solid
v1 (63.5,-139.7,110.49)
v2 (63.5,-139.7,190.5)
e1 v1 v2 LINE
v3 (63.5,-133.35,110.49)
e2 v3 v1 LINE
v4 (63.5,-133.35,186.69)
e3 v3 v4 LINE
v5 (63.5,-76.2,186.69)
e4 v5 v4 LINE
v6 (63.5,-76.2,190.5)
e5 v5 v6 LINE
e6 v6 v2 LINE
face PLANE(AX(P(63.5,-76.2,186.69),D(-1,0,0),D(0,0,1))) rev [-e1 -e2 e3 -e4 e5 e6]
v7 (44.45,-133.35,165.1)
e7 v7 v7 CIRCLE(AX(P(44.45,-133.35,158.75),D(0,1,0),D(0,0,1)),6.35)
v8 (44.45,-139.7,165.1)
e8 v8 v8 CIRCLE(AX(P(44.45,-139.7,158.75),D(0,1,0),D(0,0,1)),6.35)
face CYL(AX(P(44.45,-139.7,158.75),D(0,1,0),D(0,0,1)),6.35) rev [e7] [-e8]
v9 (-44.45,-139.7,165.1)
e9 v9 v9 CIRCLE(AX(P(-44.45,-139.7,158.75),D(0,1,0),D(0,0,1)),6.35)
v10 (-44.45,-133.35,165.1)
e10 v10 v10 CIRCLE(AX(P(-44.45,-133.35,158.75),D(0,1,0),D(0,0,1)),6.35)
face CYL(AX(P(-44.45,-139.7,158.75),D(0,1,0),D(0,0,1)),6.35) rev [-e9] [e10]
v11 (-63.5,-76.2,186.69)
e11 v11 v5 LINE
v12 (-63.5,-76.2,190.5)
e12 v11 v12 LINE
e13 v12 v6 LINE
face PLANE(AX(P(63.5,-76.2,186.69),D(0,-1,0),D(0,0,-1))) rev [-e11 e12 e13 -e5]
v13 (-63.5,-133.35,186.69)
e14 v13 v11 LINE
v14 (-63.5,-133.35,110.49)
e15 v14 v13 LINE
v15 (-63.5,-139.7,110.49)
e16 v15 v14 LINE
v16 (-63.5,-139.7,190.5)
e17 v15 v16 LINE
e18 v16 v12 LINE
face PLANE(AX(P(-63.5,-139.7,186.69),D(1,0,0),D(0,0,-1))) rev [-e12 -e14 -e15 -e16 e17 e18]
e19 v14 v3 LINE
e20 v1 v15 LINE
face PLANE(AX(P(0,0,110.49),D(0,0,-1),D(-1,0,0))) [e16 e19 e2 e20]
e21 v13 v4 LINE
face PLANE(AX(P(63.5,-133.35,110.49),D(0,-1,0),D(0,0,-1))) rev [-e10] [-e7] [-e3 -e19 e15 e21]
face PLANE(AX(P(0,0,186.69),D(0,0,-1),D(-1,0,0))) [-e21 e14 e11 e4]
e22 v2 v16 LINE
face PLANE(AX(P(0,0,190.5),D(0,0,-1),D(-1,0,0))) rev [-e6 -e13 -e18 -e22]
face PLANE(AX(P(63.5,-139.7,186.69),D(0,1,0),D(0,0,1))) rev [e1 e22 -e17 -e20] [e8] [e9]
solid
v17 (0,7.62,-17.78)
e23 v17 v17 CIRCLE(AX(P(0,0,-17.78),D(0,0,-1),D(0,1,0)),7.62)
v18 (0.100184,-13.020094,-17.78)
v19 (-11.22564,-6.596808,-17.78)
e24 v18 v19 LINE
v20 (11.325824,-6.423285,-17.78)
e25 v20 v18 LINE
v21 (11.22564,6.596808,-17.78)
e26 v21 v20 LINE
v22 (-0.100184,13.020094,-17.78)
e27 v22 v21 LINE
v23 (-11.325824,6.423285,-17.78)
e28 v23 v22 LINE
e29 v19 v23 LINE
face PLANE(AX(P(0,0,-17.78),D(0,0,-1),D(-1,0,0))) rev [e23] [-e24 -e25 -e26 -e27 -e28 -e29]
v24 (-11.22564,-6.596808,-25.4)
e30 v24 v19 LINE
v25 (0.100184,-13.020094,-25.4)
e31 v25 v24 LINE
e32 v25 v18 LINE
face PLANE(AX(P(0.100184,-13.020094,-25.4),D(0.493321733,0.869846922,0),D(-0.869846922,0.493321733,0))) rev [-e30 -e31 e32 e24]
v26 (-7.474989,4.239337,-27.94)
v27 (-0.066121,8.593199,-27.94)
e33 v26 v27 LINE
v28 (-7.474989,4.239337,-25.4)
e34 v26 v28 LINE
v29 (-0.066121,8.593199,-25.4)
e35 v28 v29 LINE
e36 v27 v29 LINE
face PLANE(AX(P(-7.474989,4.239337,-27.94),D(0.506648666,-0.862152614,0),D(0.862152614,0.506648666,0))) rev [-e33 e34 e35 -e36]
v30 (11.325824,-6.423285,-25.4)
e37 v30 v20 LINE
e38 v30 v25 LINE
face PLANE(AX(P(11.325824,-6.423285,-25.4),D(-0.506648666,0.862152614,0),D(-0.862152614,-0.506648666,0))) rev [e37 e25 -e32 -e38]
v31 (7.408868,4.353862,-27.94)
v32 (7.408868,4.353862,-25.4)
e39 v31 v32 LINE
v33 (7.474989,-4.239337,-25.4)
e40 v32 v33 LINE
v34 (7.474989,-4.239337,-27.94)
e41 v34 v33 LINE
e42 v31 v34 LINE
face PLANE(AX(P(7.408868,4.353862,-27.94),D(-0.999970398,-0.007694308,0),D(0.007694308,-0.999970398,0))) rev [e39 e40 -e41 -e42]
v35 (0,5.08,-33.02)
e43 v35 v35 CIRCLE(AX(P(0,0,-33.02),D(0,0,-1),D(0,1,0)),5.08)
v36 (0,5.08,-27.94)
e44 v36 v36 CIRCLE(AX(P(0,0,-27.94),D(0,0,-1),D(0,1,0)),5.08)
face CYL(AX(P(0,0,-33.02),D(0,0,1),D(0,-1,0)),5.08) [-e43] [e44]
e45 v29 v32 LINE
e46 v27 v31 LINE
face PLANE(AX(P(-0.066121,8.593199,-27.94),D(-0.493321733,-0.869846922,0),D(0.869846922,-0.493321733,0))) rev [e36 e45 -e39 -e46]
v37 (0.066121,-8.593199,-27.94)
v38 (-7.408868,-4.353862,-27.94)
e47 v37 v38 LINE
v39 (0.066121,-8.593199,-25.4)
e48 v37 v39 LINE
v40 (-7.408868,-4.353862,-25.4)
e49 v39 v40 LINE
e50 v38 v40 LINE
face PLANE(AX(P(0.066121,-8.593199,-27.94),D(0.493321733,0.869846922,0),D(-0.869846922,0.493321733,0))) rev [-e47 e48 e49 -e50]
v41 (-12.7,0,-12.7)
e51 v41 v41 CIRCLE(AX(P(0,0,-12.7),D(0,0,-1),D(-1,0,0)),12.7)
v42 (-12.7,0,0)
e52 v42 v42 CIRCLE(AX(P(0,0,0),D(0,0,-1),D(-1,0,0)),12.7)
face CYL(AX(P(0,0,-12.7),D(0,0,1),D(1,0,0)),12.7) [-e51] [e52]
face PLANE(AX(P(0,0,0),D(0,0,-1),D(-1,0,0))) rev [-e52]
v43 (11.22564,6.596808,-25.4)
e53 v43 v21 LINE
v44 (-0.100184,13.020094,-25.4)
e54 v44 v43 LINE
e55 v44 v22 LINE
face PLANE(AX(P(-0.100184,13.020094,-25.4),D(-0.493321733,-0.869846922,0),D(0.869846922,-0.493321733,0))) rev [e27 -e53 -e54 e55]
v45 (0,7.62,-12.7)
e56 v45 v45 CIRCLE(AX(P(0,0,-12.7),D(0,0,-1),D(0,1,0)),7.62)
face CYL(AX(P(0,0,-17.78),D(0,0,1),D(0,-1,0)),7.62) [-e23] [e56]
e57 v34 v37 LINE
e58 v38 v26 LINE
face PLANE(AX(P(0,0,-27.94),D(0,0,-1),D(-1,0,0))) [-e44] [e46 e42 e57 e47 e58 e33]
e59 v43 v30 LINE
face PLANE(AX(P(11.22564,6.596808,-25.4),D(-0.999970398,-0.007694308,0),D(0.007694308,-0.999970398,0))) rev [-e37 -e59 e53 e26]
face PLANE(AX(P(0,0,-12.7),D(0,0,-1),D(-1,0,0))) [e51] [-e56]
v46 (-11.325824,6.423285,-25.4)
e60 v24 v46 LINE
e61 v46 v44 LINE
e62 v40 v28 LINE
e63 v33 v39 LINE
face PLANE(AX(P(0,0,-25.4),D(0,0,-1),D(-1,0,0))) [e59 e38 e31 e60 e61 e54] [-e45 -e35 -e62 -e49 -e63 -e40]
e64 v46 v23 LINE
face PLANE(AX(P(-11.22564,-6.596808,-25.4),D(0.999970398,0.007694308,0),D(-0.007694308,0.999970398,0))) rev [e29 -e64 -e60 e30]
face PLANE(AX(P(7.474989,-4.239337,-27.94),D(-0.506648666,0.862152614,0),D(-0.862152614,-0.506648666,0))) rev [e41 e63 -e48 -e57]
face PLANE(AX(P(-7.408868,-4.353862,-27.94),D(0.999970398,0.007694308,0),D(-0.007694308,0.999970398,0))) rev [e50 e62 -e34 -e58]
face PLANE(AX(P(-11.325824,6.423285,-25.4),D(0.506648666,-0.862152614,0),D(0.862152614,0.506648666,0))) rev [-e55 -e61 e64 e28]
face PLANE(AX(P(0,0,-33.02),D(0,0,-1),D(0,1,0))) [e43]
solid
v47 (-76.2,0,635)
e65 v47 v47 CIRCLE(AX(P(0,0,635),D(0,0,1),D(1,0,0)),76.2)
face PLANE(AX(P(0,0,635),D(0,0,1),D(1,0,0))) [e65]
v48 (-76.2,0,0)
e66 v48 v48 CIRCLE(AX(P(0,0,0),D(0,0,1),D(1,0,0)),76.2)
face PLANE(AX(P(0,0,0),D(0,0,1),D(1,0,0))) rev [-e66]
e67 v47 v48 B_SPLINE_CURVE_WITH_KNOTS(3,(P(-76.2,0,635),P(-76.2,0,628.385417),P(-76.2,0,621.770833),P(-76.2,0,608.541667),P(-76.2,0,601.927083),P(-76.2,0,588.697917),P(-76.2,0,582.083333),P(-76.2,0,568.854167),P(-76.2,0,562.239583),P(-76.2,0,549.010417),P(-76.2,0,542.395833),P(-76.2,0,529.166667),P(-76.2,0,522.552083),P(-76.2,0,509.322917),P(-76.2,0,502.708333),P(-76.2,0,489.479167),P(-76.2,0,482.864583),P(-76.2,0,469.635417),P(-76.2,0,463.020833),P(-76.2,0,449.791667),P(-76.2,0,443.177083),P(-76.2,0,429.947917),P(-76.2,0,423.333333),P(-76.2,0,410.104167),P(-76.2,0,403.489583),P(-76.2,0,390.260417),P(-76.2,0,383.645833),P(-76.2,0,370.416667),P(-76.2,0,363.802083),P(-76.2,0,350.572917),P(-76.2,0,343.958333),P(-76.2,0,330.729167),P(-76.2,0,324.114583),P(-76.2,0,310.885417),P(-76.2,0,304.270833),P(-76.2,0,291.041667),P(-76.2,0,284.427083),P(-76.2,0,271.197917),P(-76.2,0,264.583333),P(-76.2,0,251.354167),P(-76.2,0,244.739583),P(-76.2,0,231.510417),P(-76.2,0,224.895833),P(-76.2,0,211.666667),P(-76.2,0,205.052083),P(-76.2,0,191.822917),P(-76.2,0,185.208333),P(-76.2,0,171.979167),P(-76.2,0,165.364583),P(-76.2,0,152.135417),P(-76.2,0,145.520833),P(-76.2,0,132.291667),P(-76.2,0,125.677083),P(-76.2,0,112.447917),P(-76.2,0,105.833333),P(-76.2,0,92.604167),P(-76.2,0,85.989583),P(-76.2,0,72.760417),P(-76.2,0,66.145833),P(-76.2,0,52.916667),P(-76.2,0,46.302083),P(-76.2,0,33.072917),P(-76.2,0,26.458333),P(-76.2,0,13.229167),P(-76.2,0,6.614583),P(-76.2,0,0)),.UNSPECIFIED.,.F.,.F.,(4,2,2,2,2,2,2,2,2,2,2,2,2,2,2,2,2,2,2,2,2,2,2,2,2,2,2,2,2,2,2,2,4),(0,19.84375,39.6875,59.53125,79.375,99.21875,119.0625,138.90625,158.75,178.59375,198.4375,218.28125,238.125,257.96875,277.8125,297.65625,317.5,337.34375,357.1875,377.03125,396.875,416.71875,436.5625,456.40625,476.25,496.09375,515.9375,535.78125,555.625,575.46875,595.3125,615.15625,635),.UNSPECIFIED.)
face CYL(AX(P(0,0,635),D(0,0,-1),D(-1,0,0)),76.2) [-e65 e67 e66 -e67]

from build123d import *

# Parameters (mm, degrees)
SKETCH1_R           = 76.2
BOSS_EXTRUDE2_DEPTH = 635
SKETCH8_R           = 12.7
BOSS_EXTRUDE3_DEPTH = 12.7
SKETCH9_R           = 7.62
BOSS_EXTRUDE4_DEPTH = 5.08
BOSS_EXTRUDE5_DEPTH = 7.62
BOSS_EXTRUDE6_DEPTH = 2.54
SKETCH12_R          = 5.08
BOSS_EXTRUDE7_DEPTH = 5.08
SKETCH14_W          = 127
SKETCH14_H          = 63.5
BOSS_EXTRUDE8_DEPTH = 3.81
SKETCH15_W          = 127
SKETCH15_H          = 6.35
BOSS_EXTRUDE9_DEPTH = 76.2
SKETCH16_R          = 6.35
CUT_EXTRUDE1_DEPTH  = 674.010135511


with BuildPart() as part:
    # Sketch1 → Boss-Extrude2 (new body)
    with BuildSketch(Plane.XY):
        with Locations(Location((0, 0, 0), (0, 0, 180))):
            Circle(SKETCH1_R)
    extrude(amount=BOSS_EXTRUDE2_DEPTH)


with BuildPart() as body_2:
    # Sketch8 → Boss-Extrude3 (new body)
    with BuildSketch(Plane(origin=(0, 0, 0), x_dir=(-1, 0, 0), z_dir=(0, 0, -1))):
        Circle(SKETCH8_R)
    extrude(amount=BOSS_EXTRUDE3_DEPTH)

    # Sketch9 → Boss-Extrude4 (add)
    with BuildSketch(Plane(origin=(0, 0, -12.7), x_dir=(1, 0, 0), z_dir=(0, 0, -1))):
        with Locations(Location((0, 0, 0), (0, 0, 270))):
            Circle(SKETCH9_R)
    extrude(amount=BOSS_EXTRUDE4_DEPTH)

    # Sketch10 → Boss-Extrude5 (add)
    with BuildSketch(Plane(origin=(0, 0, -17.78), x_dir=(1, 0, 0), z_dir=(0, 0, -1))):
        Polygon((0.10018358, 13.020093655), (-11.225640075, 6.596808353), (-11.325823655, -6.423285302), (-0.10018358, -13.020093655), (11.225640075, -6.596808353), (11.325823655, 6.423285302), align=None)
    extrude(amount=BOSS_EXTRUDE5_DEPTH)

    # Sketch11 → Boss-Extrude6 (add)
    with BuildSketch(Plane(origin=(0, 0, -25.4), x_dir=(1, 0, 0), z_dir=(0, 0, -1))):
        Polygon((-7.408868452, 4.353861781), (-7.474989133, -4.239337402), (-0.066120681, -8.593199183), (7.408868452, -4.353861781), (7.474989133, 4.239337402), (0.066120681, 8.593199183), align=None)
    extrude(amount=BOSS_EXTRUDE6_DEPTH)

    # Sketch12 → Boss-Extrude7 (add)
    with BuildSketch(Plane(origin=(0, 0, -27.94), x_dir=(1, 0, 0), z_dir=(0, 0, -1))):
        with Locations(Location((0, 0, 0), (0, 0, 270))):
            Circle(SKETCH12_R)
    extrude(amount=BOSS_EXTRUDE7_DEPTH)


with BuildPart() as body_3:
    # Sketch14 → Boss-Extrude8 (new body)
    with BuildSketch(Plane(origin=(0, 0, 190.5), x_dir=(-1, 0, 0), z_dir=(0, 0, -1))):
        with Locations((0, -107.95)):
            Rectangle(SKETCH14_W, SKETCH14_H)
    extrude(amount=BOSS_EXTRUDE8_DEPTH)

    # Sketch15 → Boss-Extrude9 (add)
    with BuildSketch(Plane(origin=(0, 0, 186.69), x_dir=(-1, 0, 0), z_dir=(0, 0, -1))):
        with Locations((0, -136.525)):
            Rectangle(SKETCH15_W, SKETCH15_H)
    extrude(amount=BOSS_EXTRUDE9_DEPTH)

    # Sketch16 → Cut-Extrude1 (cut, through all)
    with BuildSketch(Plane(origin=(0, -133.35, 0), x_dir=(1, 0, 0), z_dir=(0, 1, 0))):
        with Locations(Location((44.45, -158.75, 0), (0, 0, 270))):
            Circle(SKETCH16_R)
        with Locations(Location((-44.45, -158.75, 0), (0, 0, 270))):
            Circle(SKETCH16_R)
    extrude(amount=-CUT_EXTRUDE1_DEPTH, mode=Mode.SUBTRACT)


solid = Compound([part.part, body_2.part, body_3.part])
